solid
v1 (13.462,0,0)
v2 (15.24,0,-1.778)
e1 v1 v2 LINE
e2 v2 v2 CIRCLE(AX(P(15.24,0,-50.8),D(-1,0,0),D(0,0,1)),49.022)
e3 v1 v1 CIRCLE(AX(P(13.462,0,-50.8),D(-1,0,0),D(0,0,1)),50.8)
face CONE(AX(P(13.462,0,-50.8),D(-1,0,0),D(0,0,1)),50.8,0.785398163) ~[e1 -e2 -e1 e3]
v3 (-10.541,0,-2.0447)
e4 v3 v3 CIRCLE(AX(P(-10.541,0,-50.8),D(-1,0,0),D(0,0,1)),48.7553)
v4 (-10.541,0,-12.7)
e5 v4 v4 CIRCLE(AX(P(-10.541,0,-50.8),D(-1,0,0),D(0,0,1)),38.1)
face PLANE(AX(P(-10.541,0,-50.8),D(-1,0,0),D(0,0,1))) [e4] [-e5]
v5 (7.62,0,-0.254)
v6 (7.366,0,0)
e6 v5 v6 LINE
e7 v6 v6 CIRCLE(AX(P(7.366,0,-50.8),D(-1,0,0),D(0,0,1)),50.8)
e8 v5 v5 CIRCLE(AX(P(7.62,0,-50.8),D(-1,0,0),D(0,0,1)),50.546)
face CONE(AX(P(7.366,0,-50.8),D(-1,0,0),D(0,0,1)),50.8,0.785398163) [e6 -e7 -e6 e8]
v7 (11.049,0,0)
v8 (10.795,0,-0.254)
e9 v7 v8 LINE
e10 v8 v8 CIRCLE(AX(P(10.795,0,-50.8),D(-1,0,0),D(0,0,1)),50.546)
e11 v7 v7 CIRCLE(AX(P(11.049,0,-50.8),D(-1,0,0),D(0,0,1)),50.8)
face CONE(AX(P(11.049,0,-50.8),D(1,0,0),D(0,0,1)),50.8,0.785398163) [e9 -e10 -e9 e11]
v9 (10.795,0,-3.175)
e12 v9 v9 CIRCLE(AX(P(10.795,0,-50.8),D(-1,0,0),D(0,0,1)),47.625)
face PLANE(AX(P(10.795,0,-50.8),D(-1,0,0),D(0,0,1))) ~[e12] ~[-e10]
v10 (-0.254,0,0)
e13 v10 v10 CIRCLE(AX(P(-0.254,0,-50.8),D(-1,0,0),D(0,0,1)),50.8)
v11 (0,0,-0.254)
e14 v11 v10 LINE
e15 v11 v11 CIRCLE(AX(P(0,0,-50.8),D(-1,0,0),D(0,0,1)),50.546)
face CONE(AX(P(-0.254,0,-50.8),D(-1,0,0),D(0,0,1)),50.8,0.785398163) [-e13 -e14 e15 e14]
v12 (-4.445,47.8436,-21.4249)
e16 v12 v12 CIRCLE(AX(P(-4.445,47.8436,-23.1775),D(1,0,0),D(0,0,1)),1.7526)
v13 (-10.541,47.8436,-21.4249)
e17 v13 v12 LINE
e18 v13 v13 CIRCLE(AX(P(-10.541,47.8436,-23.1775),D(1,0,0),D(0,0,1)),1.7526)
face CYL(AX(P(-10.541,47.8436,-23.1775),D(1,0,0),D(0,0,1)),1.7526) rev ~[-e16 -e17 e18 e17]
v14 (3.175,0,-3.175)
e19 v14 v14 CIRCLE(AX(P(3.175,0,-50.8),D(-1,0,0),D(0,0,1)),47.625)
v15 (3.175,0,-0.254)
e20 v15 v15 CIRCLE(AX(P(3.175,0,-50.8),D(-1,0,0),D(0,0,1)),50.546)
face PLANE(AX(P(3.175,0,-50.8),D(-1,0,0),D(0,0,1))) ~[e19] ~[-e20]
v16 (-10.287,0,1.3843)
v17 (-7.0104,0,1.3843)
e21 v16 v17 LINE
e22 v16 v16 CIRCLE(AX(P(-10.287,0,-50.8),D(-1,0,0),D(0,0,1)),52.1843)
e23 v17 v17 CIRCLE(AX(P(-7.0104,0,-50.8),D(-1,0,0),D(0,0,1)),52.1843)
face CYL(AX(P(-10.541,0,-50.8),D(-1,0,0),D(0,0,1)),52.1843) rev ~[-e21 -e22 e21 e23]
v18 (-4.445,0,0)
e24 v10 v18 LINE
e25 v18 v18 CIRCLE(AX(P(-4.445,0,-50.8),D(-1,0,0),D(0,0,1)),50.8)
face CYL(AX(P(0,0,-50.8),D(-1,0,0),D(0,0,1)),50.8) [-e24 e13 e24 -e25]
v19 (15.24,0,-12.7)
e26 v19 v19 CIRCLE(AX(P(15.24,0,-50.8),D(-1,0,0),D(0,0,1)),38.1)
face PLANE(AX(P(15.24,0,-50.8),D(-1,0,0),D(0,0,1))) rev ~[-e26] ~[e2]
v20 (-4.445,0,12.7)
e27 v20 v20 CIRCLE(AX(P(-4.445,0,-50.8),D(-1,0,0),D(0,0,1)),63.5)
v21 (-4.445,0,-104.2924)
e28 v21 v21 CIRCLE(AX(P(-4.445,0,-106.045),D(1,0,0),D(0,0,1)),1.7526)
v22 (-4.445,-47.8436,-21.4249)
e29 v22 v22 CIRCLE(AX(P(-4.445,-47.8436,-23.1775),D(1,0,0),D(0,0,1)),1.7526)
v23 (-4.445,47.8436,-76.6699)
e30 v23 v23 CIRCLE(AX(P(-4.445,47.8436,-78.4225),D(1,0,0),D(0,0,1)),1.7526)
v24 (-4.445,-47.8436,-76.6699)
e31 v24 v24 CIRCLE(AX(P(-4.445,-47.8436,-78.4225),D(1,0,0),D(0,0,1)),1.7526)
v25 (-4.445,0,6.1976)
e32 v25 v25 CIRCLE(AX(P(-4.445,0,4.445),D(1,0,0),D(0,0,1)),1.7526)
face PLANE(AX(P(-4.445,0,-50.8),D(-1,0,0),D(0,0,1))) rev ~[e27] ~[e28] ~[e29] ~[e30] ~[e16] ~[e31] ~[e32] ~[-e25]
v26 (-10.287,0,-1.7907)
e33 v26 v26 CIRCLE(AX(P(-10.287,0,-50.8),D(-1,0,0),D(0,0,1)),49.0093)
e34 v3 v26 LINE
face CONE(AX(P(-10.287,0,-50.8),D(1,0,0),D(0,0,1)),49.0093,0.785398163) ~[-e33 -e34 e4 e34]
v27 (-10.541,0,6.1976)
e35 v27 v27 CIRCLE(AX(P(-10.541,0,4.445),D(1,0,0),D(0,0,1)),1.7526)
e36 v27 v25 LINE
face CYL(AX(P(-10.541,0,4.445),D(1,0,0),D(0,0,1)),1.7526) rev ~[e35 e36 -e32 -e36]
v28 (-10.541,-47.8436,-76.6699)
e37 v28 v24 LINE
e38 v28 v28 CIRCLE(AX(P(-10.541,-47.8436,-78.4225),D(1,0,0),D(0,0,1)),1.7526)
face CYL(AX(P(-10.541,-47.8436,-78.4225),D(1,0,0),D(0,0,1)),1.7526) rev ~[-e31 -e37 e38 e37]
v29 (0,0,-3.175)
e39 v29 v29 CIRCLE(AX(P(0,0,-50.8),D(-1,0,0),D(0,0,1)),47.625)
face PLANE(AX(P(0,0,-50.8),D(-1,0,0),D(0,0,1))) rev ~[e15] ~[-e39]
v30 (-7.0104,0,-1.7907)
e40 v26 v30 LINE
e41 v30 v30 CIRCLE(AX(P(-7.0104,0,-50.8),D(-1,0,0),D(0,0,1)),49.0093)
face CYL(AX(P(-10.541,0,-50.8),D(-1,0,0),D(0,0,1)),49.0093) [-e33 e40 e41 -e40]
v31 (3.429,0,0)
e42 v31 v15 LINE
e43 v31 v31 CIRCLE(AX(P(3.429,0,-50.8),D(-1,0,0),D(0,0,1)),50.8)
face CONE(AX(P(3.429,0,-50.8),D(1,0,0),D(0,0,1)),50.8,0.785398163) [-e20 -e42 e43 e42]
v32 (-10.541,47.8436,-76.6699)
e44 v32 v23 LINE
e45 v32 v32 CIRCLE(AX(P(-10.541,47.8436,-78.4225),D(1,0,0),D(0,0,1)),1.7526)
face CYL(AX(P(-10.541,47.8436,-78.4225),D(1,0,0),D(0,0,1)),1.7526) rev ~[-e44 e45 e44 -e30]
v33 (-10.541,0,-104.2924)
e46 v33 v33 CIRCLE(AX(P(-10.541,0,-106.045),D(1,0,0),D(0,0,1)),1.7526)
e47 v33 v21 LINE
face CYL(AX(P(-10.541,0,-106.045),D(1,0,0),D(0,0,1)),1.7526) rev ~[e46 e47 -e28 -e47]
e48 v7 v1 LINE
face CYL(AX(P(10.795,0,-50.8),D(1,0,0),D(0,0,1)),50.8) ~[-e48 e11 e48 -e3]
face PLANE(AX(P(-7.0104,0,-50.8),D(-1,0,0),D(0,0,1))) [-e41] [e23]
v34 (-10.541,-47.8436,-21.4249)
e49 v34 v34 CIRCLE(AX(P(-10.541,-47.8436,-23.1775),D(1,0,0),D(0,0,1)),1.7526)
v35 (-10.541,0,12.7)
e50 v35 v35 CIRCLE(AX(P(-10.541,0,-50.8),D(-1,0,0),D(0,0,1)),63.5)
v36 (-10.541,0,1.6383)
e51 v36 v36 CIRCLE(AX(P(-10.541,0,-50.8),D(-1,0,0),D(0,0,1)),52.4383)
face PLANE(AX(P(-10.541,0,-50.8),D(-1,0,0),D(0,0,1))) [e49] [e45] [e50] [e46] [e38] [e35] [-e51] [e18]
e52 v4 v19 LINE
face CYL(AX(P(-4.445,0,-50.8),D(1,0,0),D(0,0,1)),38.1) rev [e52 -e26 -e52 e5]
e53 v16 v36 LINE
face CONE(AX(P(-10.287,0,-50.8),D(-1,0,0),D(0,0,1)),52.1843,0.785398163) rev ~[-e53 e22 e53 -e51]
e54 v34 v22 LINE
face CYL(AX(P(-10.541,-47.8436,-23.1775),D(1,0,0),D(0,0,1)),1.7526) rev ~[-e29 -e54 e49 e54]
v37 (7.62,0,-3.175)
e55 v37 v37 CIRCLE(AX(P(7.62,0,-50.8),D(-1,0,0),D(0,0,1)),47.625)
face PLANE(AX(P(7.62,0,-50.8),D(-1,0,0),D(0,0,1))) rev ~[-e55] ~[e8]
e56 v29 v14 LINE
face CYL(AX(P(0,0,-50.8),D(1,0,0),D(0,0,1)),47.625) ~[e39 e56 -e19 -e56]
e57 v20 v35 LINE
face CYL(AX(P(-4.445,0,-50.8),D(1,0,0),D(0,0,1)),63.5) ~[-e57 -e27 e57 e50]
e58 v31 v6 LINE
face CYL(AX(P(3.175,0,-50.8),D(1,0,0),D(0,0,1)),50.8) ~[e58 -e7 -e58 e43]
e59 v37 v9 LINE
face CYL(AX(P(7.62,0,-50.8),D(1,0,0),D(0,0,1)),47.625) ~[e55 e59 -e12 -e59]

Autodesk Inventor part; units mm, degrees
ref_plane "YZ Plane" through (0, 0, 0) normal (1, 0, 0) x (0, 1, 0)
ref_plane "XZ Plane" through (0, 0, 0) normal (0, 1, 0) x (-1, 0, 0)
ref_plane "XY Plane" through (0, 0, 0) normal (0, 0, 1) x (1, 0, 0)
sketch "Sketch1" plane through (0, 0, 0) normal (0, 1, 0) x (-1, 0, 0)
  line L0 (0, 0) -> (4.445, 0)
  line L1 (0, 0) -> (0, -3.175)
  line L2 (0, -3.175) -> (-3.175, -3.175)
  line L3 (-3.175, -3.175) -> (-3.175, 0)
  line L4 (-3.175, 0) -> (-7.62, 0)
  line L5 (-7.62, 0) -> (-7.62, -3.175)
  line L6 (-7.62, -3.175) -> (-10.795, -3.175)
  line L7 (-10.795, -3.175) -> (-10.795, 0)
  line L8 (-10.795, 0) -> (-15.24, 0)
  line L9 (-15.24, 0) -> (-15.24, -12.7)
  line L10 (-15.24, -12.7) -> (4.445, -12.7)
  line L11 (4.445, -12.7) -> (4.445, 0)
  line L12 (-15.24, 0) -> (-15.24, -50.8) construction
  line L13 (-15.24, -50.8) -> (-2.54, -50.8) construction
  dimension "d0" = 4.445
  dimension "d1" = 3.175
  dimension "d2" = 3.175
  dimension "d3" = 4.445
  dimension "d4" = 3.175
  dimension "d5" = 4.445
  dimension "d6" = 12.7
  dimension "d7" = 50.8
  dimension "d36" = 12.7
  dimension "d38" = 12.7
revolve "Revolution1" add sketch "Sketch1" angle 360 about axis through (15.24, 0, -50.8) along (-1, 0, 0)
sketch "Sketch2" plane through (-4.445, 0, -50.8) normal (-1, 0, 0) x (0, 0, 1)
  circle A0 centre (0, 0) radius 38.1
  circle A1 centre (0, 0) radius 63.5
  circle A2 centre (0, 0) radius 38.1 projected
  dimension "d9" = 76.2
  dimension "d10" = 127
extrude "Extrusion1" add sketch "Sketch2" along normal blind 6.096
sketch "Sketch3" plane through (-10.541, 0, -50.8) normal (-1, 0, 0) x (0, 0, 1)
  circle A0 centre (0, 0) radius 49.0093
  circle A1 centre (0, 0) radius 52.1843
  circle A2 centre (0, 0) radius 38.1 projected
  dimension "d41" = 10.9093
  dimension "d42" = 3.175
extrude "Extrusion2" cut sketch "Sketch3" against normal blind 3.5306 contours A1
chamfer "Chamfer1" distance 1.778 angle 45 1 edges at (15.24, 0, -101.6)
sketch "Sketch5" plane through (-10.541, 0, -50.8) normal (-1, 0, 0) x (0, 0, 1)
  circle A0 centre (0, 0) radius 55.245 construction
  circle A1 centre (0, 0) radius 38.1 projected
  point P0 (-55.245, 0)
  point P1 (-27.6225, -47.8436)
  point P2 (27.6225, -47.8436)
  point P3 (55.245, 0)
  point P4 (27.6225, 47.8436)
  point P5 (-27.6225, 47.8436)
  dimension "d43" = 110.49
  dimension "d46" = 360
hole "Hole1" at (-10.541, 0, -106.045) at (-10.541, -47.8436, -78.4225) at (-10.541, -47.8436, -23.1775) at (-10.541, 0, 4.445) at (-10.541, 47.8436, -23.1775) at (-10.541, 47.8436, -78.4225) direction (1, 0, 0) diameter 3.5052 end through all
chamfer "Chamfer2" distance 0.254 angle 45 6 edges at (0, 0, -101.6) (3.175, 0, -101.6) (7.62, 0, -101.6) (10.795, 0, -101.6) (-10.541, 0, -102.9843) (-10.541, 0, -99.8093)
properties part number "Oring Fitting Dome V3"
